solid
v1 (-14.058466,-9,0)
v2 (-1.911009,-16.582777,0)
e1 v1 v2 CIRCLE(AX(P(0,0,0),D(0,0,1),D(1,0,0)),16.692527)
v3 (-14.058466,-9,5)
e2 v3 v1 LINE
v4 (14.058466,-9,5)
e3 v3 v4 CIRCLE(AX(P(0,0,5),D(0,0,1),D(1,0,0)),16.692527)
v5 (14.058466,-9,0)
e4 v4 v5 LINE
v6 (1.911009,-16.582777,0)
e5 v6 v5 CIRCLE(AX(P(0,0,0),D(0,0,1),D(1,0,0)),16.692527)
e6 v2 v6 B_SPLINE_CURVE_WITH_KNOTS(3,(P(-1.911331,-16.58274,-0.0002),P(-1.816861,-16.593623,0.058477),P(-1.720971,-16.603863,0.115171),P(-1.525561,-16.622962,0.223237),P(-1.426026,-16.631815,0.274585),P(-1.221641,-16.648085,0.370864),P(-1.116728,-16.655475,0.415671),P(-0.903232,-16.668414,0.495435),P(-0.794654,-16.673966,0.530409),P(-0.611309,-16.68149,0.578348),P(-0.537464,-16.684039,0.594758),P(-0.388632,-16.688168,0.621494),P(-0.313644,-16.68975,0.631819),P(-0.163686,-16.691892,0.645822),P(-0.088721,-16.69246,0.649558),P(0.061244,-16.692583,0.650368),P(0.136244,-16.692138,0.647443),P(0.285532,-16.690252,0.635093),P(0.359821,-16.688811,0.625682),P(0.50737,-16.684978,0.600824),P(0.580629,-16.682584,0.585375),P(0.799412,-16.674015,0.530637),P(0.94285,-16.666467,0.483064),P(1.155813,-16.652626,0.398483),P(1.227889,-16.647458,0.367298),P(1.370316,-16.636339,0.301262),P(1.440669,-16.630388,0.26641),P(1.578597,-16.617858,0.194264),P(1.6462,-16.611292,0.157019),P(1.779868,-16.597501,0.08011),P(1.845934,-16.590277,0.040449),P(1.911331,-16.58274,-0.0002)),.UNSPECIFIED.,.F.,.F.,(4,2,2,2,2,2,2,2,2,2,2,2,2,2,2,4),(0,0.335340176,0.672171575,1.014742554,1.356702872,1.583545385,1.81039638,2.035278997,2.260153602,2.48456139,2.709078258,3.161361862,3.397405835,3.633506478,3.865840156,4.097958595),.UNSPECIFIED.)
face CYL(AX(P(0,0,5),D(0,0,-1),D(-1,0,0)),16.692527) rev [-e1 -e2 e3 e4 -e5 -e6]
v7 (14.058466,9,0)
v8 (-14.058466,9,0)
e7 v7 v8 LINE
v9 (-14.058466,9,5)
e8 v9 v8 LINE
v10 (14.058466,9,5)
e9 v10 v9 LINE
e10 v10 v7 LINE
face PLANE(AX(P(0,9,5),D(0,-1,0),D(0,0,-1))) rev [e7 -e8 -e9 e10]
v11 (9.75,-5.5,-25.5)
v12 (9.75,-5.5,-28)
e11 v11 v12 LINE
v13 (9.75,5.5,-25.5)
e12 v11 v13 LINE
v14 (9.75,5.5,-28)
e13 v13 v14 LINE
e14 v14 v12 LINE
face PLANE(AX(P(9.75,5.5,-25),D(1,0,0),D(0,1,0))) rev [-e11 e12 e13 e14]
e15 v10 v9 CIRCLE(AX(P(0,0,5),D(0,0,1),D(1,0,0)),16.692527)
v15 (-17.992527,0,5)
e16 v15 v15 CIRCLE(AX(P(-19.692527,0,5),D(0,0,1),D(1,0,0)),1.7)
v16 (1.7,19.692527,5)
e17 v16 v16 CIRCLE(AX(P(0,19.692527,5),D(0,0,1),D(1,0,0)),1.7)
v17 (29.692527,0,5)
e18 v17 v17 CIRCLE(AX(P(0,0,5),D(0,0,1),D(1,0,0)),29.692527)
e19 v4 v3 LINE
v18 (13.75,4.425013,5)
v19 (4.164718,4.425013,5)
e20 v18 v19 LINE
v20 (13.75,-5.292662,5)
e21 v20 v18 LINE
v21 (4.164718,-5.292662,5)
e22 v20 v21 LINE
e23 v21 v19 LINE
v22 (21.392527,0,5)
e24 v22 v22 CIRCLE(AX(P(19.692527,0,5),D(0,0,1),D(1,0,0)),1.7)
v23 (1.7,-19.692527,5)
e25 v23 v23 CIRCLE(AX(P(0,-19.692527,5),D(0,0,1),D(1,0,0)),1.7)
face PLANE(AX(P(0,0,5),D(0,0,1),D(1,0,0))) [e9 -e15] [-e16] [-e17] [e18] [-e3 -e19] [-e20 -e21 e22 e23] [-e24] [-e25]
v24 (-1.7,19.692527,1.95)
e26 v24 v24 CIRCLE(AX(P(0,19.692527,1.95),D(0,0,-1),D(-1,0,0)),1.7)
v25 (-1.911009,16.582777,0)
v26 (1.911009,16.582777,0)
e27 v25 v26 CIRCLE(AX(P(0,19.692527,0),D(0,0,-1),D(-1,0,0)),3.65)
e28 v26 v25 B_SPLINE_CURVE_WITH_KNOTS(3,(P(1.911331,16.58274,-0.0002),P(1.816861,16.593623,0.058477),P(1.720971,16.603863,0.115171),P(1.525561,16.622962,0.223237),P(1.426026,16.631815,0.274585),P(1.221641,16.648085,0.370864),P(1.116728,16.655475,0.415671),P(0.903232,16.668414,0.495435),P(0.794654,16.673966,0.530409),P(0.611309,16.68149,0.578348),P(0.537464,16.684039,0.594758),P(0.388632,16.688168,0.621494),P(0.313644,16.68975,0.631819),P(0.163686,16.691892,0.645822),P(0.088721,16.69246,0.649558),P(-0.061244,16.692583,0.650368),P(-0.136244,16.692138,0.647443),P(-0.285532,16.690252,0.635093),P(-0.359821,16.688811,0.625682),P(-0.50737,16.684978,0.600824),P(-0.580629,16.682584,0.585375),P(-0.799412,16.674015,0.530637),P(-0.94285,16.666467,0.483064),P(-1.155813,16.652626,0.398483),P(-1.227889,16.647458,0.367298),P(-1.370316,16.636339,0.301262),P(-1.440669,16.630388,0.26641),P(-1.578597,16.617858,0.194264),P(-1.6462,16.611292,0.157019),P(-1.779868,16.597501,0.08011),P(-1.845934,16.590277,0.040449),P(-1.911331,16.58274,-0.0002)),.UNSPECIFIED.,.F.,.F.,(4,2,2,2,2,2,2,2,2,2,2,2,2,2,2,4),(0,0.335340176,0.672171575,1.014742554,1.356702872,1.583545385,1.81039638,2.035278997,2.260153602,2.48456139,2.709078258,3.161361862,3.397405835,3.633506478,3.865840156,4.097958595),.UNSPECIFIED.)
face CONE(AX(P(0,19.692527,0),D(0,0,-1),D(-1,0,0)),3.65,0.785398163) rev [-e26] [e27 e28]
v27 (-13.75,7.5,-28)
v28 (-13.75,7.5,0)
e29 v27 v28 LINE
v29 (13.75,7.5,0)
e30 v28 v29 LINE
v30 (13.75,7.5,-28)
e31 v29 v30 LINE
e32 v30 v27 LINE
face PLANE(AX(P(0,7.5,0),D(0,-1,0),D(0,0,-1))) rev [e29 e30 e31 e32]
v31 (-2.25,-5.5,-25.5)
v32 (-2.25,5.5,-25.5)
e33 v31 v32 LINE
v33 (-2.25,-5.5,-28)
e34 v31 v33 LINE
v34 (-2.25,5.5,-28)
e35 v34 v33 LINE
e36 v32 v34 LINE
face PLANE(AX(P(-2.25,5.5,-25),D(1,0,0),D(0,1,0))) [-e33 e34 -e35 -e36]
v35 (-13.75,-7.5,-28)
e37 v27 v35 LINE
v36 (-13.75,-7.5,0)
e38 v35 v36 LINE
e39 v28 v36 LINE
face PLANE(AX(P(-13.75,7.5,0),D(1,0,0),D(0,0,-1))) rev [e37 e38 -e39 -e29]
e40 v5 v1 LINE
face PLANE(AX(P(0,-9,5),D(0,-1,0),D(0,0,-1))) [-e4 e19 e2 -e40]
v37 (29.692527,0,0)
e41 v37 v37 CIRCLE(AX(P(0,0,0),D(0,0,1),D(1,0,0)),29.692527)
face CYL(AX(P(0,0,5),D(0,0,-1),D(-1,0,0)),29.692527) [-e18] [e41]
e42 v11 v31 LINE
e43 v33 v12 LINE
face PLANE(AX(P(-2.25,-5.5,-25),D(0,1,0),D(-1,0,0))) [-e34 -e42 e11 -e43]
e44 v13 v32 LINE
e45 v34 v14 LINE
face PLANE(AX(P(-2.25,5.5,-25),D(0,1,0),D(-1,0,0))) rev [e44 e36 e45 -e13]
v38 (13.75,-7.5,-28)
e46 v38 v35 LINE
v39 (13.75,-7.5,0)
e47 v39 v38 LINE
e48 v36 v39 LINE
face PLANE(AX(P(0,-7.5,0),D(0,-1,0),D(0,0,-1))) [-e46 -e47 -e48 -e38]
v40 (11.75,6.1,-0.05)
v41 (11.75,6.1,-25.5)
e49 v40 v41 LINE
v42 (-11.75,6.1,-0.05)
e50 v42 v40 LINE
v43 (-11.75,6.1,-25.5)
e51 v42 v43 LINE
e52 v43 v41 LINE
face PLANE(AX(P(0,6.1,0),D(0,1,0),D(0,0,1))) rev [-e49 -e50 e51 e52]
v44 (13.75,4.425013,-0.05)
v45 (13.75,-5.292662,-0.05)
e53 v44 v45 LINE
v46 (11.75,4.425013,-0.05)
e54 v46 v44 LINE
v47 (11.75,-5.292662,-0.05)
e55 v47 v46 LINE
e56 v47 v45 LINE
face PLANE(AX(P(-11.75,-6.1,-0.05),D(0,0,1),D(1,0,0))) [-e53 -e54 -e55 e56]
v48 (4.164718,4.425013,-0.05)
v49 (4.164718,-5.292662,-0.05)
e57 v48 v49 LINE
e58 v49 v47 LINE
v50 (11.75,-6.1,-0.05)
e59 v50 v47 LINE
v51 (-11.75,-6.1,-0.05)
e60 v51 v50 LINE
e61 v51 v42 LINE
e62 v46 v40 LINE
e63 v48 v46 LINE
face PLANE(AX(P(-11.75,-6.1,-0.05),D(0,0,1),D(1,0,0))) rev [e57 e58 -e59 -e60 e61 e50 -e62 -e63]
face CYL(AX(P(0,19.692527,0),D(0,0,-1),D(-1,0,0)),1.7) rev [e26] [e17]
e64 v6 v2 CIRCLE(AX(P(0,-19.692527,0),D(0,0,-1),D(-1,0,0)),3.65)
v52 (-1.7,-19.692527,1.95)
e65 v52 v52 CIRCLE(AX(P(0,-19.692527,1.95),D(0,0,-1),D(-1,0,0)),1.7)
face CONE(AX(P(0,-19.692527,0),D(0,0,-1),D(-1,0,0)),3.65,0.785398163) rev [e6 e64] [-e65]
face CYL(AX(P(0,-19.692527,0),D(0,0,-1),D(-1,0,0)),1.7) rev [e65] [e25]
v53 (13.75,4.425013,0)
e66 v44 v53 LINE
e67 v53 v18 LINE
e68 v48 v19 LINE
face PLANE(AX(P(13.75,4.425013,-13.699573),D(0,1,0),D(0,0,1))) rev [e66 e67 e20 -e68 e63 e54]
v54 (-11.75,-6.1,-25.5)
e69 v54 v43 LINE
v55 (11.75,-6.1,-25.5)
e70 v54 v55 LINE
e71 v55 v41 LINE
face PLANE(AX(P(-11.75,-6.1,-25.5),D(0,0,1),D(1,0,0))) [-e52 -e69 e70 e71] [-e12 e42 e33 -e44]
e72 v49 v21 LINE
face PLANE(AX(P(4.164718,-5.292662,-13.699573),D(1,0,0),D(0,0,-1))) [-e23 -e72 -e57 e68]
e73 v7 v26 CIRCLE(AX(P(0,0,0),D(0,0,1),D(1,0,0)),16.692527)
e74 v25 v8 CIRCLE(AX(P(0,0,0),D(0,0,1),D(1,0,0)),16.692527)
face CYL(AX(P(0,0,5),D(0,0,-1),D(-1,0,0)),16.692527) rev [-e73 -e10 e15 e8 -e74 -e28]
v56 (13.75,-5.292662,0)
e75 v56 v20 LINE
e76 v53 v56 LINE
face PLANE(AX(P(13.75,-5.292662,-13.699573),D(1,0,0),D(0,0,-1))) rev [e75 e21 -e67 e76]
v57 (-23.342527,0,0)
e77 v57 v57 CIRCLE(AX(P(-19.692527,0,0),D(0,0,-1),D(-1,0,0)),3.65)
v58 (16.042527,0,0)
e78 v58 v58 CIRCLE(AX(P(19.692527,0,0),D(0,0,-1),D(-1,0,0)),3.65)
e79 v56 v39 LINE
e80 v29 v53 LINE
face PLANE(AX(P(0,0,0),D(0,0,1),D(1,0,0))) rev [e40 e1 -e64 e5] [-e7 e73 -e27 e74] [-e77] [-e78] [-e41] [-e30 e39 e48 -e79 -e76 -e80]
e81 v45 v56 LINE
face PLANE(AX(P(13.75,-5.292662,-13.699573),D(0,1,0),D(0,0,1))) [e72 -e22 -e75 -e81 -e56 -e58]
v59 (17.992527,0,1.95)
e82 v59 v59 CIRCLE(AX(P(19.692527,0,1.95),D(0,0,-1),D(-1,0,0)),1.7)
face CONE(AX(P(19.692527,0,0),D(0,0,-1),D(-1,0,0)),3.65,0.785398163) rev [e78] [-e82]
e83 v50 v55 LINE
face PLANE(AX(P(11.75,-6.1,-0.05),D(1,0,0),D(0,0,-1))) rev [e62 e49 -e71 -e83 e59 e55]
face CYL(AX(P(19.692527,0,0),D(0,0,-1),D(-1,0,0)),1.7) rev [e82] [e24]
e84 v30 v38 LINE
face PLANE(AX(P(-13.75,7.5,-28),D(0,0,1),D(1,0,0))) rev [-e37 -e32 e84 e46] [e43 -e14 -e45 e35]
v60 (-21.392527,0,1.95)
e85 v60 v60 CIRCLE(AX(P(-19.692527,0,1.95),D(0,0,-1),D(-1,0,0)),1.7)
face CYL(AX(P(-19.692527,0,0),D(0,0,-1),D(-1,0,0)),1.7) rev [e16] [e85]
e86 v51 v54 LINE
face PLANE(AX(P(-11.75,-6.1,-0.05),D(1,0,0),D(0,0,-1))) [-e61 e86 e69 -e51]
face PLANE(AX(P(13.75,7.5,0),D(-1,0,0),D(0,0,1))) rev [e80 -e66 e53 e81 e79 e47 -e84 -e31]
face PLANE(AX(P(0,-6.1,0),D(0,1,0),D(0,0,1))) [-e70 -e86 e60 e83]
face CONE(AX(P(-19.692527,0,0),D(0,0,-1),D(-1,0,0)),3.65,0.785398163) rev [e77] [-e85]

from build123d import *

# Parameters (mm, degrees)
SKETCH1_R                                       = 29.692527183
SKETCH1_R_2                                     = 22.692527183
SKETCH1_R_3                                     = 19.692527183
SKETCH1_R_4                                     = 16.692527183
BOSS_EXTRUDE1_DEPTH                             = 5
SKETCH9_W                                       = 27.5
SKETCH9_H                                       = 28
BOSS_EXTRUDE2_DEPTH                             = 7.5
SKETCH10_W                                      = 23.5
SKETCH10_H                                      = 25.45
CUT_EXTRUDE1_DEPTH                              = 6.1
SKETCH12_W                                      = 12
SKETCH12_H                                      = 11
CUT_EXTRUDE2_DEPTH                              = 3
CUT_EXTRUDE3_REACH                              = 55.407
SKETCH11_W                                      = 9.585282086
SKETCH11_H                                      = 9.717675131
CSK_FOR_M3_FLAT_HEAD_MACHINE_SCREW1_D           = 3.4
CSK_FOR_M3_FLAT_HEAD_MACHINE_SCREW1_DEPTH       = 12
CSK_FOR_M3_FLAT_HEAD_MACHINE_SCREW1_CSINK_D     = 7.3
CSK_FOR_M3_FLAT_HEAD_MACHINE_SCREW1_CSINK_ANGLE = 90
CSK_FOR_M3_FLAT_HEAD_MACHINE_SCREW1_TIP         = 1.021463052


with BuildPart() as part:
    # Sketch1 → Boss-Extrude1 (new body)
    # profile 1 of 4: a face of its own
    with BuildSketch(Plane(origin=(0, 0, 0), x_dir=(-1, 0, 0), z_dir=(0, 0, 1))):
        with Locations(Location((0, 0, 0), (0, 0, 180))):
            Circle(SKETCH1_R)
        Circle(SKETCH1_R_2, mode=Mode.SUBTRACT)
    # profile 2 of 4: a face of its own
    with BuildSketch(Plane(origin=(0, 0, 0), x_dir=(-1, 0, 0), z_dir=(0, 0, 1))):
        Circle(SKETCH1_R_2)
        Circle(SKETCH1_R_3, mode=Mode.SUBTRACT)
    # profile 3 of 4: a face of its own
    with BuildSketch(Plane(origin=(0, 0, 0), x_dir=(-1, 0, 0), z_dir=(0, 0, 1))):
        Circle(SKETCH1_R_3)
        Circle(SKETCH1_R_4, mode=Mode.SUBTRACT)
    # profile 4 of 4: a face of its own
    with BuildSketch(Plane(origin=(0, 0, 0), x_dir=(-1, 0, 0), z_dir=(0, 0, 1))):
        with BuildLine():
            Line((14.058465911, 9), (-14.058465911, 9))
            ThreePointArc((-14.058465911, 9), (-16.692527183, 0), (-14.058465911, -9))
            Line((-14.058465911, -9), (14.058465911, -9))
            ThreePointArc((14.058465911, -9), (16.020483578, -4.688770595), (16.692527183, 0))
            ThreePointArc((16.692527183, 0), (16.020483578, 4.688770595), (14.058465911, 9))
        make_face()
    extrude(amount=BOSS_EXTRUDE1_DEPTH)

    # Sketch9 → Boss-Extrude2 (add, symmetric)
    with BuildSketch(Plane(origin=(0, 0, 0), x_dir=(1, 0, 0), z_dir=(0, 1, 0))):
        with Locations((0, 14)):
            Rectangle(SKETCH9_W, SKETCH9_H)
    extrude(amount=BOSS_EXTRUDE2_DEPTH, both=True)

    # Sketch10 → Cut-Extrude1 (cut, symmetric)
    with BuildSketch(Plane(origin=(0, 0, 0), x_dir=(1, 0, 0), z_dir=(0, 1, 0))):
        with Locations((0, 12.775)):
            Rectangle(SKETCH10_W, SKETCH10_H)
    extrude(amount=CUT_EXTRUDE1_DEPTH, both=True, mode=Mode.SUBTRACT)

    # Sketch12 → Cut-Extrude2 (cut)
    with BuildSketch(Plane.XY.offset(-28)):
        with Locations((3.75, 0)):
            Rectangle(SKETCH12_W, SKETCH12_H)
    extrude(amount=CUT_EXTRUDE2_DEPTH, mode=Mode.SUBTRACT)

    # Cut-Extrude3: up to this face of the body (flat: up to its plane)
    cut_extrude3_end = Plane(part.part.faces().sort_by_distance((0, 0, -0.05))[0])
    # Sketch11 → Cut-Extrude3 (cut, up to the picked face)
    with BuildSketch(Plane.XY.offset(5), mode=Mode.PRIVATE) as cut_extrude3_sk1:
        with Locations((8.957358957, -0.433824782)):
            Rectangle(SKETCH11_W, SKETCH11_H)
    cut_extrude3_tool1 = split(extrude(cut_extrude3_sk1.sketch, amount=-CUT_EXTRUDE3_REACH, mode=Mode.PRIVATE), bisect_by=cut_extrude3_end, keep=Keep.BOTH, mode=Mode.PRIVATE)
    add(cut_extrude3_tool1.solids().sort_by(Axis((8.957359, -0.433825, 5), (0, 0, -1)))[0], mode=Mode.SUBTRACT)

    # CSK for M3 Flat Head Machine Screw1
    with Locations(Plane(origin=(0, 0, 0), x_dir=(1, 0, 0), z_dir=(0, 0, -1))):
        with Locations((-19.692527183, 0), (0, 19.692527183), (0, -19.692527183), (19.692527183, 0)):
            CounterSinkHole(CSK_FOR_M3_FLAT_HEAD_MACHINE_SCREW1_D / 2, CSK_FOR_M3_FLAT_HEAD_MACHINE_SCREW1_CSINK_D / 2, depth=CSK_FOR_M3_FLAT_HEAD_MACHINE_SCREW1_DEPTH, counter_sink_angle=CSK_FOR_M3_FLAT_HEAD_MACHINE_SCREW1_CSINK_ANGLE)
            with Locations((0, 0, -(CSK_FOR_M3_FLAT_HEAD_MACHINE_SCREW1_DEPTH + CSK_FOR_M3_FLAT_HEAD_MACHINE_SCREW1_TIP / 2))):  # 118° drill point
                Cone(0, CSK_FOR_M3_FLAT_HEAD_MACHINE_SCREW1_D / 2, CSK_FOR_M3_FLAT_HEAD_MACHINE_SCREW1_TIP, mode=Mode.SUBTRACT)


solid = part.part
